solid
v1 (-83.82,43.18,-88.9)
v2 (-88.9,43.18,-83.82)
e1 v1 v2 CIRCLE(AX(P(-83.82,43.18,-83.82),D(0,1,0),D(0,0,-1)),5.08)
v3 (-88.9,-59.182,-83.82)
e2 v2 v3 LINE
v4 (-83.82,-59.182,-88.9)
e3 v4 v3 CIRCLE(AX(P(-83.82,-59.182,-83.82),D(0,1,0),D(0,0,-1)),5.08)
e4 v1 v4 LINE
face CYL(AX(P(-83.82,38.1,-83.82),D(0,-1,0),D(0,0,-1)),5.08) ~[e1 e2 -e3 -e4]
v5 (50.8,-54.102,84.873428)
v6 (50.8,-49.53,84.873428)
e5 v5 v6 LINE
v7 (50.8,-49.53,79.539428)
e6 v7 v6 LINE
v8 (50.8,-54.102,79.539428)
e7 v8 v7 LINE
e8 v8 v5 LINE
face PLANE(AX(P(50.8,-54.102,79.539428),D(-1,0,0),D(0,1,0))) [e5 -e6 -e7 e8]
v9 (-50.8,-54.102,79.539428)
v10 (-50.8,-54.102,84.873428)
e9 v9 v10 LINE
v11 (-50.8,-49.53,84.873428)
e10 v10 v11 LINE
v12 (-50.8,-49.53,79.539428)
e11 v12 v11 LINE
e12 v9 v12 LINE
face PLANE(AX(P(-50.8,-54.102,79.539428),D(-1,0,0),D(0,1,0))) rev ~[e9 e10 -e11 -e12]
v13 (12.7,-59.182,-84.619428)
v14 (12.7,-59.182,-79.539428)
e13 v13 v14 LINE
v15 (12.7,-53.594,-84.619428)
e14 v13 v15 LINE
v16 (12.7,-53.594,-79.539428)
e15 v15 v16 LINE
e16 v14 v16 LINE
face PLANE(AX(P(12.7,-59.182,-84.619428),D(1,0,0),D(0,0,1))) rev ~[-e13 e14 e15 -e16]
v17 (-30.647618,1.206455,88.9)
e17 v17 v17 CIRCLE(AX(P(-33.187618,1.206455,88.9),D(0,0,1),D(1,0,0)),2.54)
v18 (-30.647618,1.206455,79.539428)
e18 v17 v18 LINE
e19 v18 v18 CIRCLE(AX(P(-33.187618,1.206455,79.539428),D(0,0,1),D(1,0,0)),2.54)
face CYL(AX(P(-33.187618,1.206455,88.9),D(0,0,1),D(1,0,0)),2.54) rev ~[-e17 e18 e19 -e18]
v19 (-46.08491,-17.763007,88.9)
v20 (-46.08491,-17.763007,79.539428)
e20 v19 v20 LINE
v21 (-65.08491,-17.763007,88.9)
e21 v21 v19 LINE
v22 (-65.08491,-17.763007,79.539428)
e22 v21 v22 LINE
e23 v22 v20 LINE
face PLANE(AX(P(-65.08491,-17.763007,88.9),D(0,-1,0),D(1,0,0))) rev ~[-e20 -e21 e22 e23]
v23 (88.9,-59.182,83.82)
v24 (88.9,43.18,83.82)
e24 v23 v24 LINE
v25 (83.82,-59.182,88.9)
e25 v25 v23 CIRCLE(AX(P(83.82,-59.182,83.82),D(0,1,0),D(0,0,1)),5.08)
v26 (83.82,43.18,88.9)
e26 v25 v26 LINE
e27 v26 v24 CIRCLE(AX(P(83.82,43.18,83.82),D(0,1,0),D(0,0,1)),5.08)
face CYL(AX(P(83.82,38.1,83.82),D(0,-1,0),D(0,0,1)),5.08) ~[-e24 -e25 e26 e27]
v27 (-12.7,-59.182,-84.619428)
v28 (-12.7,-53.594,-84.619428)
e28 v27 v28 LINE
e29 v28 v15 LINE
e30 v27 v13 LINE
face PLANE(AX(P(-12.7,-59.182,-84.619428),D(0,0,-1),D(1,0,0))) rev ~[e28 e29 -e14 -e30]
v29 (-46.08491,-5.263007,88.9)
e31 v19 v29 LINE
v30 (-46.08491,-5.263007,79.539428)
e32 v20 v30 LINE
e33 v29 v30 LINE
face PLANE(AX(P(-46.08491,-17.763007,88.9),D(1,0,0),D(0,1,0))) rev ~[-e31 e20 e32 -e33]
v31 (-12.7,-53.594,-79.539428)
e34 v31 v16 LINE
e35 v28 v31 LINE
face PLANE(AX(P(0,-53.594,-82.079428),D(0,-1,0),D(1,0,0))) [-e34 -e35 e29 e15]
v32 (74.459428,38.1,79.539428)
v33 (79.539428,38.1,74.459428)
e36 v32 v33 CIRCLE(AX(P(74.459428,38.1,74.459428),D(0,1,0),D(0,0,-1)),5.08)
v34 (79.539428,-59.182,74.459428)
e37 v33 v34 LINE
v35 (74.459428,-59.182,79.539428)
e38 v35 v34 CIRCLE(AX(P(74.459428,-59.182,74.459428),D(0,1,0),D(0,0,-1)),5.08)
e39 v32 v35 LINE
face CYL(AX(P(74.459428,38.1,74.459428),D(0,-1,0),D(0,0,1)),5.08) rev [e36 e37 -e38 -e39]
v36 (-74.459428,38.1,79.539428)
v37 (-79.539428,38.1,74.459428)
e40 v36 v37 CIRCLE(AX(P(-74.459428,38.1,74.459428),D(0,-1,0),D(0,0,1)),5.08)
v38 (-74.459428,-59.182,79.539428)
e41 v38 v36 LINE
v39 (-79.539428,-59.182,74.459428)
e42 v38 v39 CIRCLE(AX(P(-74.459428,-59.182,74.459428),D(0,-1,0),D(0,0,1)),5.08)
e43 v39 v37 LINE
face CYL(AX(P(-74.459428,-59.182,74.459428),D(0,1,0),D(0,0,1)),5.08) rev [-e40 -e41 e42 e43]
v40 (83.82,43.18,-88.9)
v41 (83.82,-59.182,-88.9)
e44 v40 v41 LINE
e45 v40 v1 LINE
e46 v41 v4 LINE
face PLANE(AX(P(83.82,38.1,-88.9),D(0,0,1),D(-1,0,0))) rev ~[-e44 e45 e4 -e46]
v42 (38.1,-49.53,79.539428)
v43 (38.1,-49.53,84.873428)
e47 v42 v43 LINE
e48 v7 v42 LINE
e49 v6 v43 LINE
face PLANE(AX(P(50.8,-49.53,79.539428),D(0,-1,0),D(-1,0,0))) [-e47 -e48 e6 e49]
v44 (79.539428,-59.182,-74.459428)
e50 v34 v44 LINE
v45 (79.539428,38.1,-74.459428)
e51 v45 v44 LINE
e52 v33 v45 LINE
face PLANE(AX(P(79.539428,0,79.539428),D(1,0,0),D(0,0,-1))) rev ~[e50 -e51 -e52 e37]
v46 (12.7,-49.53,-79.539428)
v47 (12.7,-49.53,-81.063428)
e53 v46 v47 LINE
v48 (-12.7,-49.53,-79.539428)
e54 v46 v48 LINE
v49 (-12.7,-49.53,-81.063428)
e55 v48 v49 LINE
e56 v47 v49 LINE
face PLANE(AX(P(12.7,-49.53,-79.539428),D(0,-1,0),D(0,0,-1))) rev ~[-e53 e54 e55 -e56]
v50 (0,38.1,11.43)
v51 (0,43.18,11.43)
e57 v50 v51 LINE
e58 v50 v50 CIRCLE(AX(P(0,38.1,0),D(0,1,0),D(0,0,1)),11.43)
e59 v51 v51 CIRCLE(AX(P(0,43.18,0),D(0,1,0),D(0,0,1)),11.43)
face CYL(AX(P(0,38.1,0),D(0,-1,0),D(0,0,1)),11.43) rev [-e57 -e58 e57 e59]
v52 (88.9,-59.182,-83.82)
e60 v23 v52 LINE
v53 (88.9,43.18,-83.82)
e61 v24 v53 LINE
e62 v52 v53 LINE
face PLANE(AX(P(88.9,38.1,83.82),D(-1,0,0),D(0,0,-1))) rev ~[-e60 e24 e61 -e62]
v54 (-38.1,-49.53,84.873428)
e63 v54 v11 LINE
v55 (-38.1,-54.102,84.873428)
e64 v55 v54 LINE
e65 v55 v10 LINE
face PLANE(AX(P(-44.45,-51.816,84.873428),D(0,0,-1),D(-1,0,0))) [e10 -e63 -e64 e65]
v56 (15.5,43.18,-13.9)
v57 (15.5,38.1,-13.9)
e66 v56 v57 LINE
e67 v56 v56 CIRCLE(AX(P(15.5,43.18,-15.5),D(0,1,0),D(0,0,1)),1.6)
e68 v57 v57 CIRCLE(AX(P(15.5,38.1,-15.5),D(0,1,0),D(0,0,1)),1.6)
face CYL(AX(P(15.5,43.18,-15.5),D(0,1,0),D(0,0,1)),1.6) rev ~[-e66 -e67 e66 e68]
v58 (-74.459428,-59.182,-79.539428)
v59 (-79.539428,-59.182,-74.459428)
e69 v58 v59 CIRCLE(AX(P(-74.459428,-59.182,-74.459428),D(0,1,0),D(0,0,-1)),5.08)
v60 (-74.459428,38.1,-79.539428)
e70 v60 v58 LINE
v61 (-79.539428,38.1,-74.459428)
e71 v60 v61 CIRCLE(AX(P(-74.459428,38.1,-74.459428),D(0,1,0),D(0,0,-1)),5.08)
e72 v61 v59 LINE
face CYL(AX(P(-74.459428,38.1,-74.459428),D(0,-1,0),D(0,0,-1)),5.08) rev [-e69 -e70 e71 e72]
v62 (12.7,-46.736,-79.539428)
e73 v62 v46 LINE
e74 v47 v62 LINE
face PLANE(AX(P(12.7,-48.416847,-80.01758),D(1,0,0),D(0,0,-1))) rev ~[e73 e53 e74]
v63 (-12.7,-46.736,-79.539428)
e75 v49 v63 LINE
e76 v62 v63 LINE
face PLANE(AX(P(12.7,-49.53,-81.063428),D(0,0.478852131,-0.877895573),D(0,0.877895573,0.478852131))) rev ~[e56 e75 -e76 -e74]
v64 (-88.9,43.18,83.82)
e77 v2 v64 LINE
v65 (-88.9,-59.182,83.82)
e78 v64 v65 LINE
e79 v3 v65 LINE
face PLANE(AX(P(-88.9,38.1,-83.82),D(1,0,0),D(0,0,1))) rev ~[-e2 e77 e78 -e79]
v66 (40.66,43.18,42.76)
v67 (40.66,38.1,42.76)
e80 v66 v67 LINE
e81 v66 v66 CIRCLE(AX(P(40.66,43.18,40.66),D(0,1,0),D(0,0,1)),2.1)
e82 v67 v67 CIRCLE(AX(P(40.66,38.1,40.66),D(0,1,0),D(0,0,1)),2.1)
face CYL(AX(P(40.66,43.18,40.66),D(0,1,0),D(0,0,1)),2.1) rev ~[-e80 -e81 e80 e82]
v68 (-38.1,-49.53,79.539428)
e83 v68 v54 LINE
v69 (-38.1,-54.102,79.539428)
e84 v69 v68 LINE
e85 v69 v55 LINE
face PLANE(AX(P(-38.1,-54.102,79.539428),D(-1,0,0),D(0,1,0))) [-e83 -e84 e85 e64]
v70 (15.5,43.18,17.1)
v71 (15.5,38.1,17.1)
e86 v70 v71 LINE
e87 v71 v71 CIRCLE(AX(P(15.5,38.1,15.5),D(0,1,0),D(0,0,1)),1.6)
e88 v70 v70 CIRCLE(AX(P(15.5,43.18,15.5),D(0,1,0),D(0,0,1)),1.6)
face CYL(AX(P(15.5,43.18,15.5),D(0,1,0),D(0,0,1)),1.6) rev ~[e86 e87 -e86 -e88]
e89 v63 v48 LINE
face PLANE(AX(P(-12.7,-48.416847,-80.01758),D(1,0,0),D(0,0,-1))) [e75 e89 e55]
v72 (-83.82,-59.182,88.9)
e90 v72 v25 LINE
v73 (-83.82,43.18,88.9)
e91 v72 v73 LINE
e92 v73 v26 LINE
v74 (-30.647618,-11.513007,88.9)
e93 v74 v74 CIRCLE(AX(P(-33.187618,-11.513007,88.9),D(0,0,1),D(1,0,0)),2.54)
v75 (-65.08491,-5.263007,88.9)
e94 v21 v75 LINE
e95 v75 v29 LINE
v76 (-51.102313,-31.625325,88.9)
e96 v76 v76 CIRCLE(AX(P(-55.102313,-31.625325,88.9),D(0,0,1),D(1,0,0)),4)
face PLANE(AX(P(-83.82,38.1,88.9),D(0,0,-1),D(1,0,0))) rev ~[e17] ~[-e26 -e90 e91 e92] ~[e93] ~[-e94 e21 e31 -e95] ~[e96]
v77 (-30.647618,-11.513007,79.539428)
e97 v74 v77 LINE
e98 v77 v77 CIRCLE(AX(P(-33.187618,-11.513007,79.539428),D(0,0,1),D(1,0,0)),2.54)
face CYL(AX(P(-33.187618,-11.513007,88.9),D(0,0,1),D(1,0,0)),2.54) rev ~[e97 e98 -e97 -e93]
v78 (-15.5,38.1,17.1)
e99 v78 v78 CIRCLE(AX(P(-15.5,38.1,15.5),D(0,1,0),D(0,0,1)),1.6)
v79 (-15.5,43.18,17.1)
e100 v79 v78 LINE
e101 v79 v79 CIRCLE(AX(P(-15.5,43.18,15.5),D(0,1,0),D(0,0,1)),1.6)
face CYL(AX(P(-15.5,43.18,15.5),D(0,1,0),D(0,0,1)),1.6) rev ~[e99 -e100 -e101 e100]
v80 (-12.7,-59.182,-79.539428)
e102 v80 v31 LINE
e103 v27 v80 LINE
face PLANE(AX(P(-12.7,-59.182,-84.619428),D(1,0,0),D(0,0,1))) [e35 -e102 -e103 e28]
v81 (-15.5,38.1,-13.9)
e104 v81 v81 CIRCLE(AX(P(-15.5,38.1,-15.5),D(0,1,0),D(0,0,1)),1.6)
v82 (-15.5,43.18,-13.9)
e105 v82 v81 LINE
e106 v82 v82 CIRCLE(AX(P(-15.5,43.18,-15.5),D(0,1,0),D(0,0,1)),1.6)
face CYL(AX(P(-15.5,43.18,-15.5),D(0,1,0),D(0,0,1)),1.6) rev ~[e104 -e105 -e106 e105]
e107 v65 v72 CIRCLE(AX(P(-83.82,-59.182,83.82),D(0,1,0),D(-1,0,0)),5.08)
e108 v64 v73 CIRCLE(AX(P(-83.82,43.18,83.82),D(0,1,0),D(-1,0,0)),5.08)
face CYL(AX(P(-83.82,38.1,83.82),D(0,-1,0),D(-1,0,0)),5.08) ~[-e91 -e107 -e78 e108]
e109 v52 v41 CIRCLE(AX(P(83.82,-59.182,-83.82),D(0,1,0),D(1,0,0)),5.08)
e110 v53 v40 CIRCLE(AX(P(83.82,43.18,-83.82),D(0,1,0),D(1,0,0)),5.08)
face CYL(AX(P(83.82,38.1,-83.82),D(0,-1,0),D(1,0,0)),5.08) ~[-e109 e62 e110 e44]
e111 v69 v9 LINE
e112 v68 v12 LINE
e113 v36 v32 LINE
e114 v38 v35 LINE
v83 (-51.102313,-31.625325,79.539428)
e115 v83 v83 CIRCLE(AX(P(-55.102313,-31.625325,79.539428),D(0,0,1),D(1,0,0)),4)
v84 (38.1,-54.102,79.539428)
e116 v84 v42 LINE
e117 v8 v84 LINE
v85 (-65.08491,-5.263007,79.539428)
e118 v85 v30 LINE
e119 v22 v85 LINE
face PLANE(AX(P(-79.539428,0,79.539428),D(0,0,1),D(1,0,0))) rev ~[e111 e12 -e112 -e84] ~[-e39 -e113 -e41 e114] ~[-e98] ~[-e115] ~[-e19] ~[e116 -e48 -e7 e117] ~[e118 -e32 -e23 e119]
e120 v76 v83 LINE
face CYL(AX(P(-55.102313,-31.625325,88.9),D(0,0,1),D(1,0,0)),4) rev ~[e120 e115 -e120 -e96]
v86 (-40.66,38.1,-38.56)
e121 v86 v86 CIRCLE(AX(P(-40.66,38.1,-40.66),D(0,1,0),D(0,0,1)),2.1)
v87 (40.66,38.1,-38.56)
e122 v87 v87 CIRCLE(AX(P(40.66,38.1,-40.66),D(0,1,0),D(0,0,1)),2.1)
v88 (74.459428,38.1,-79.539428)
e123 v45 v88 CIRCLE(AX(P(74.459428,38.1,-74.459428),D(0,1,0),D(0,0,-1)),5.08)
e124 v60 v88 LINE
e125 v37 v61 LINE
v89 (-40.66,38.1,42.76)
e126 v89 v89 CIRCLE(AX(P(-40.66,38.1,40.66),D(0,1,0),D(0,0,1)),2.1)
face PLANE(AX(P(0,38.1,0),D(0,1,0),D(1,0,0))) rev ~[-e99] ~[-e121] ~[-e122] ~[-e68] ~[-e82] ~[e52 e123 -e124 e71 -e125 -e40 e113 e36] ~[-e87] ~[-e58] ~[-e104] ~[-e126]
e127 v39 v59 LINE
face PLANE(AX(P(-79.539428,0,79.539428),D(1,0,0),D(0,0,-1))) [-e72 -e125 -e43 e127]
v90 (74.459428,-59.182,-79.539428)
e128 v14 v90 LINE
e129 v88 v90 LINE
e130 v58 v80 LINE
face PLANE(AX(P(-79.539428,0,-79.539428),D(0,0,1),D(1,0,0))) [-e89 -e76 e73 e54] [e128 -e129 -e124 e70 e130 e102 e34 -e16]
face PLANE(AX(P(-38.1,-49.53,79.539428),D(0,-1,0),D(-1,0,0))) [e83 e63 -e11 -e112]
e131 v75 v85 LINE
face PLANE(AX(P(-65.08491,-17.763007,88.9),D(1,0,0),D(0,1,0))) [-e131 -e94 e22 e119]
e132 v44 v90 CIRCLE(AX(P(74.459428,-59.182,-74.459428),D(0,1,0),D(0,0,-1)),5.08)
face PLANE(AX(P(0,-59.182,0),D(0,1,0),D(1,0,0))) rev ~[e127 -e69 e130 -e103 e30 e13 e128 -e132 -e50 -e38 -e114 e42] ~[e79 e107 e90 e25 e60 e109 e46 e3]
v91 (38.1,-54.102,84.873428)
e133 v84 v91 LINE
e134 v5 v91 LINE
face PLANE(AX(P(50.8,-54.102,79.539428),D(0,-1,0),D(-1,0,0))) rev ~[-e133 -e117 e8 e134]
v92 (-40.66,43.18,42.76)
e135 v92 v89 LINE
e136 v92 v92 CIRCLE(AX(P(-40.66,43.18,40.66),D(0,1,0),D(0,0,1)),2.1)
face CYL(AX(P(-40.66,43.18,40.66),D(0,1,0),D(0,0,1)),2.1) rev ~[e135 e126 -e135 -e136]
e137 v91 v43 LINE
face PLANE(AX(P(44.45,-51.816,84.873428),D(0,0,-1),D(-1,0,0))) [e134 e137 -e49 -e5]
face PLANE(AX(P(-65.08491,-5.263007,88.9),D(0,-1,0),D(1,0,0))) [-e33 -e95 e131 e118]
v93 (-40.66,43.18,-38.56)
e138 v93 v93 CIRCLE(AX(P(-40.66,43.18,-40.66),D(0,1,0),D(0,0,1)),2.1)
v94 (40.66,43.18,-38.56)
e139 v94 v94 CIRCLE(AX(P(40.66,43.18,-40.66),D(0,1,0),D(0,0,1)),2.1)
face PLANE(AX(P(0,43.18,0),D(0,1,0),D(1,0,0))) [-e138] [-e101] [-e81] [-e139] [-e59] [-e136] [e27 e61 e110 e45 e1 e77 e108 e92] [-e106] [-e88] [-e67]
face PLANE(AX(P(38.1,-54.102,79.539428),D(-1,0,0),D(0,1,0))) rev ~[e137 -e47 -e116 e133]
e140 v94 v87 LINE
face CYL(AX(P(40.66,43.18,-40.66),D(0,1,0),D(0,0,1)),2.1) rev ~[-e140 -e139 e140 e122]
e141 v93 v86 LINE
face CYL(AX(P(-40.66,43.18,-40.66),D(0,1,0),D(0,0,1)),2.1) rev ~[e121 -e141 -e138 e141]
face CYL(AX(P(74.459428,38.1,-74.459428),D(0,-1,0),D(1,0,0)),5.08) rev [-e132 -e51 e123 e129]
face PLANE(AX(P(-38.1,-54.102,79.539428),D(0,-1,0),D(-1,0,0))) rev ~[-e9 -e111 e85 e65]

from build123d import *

# Parameters (mm, degrees)
SKETCH1_W                = 159.078855478
SKETCH1_H                = 159.078855478
BOSS_EXTRUDE1_DEPTH      = 38.1
BOSS_EXTRUDE1_DEPTH_BACK = 59.182
BOSS_EXTRUDE3_START      = 38.1
SKETCH1_5_R              = 11.43
BOSS_EXTRUDE3_DEPTH      = 5.08
SKETCH3_R                = 1.6
CUT_EXTRUDE1_DEPTH       = 163.124640459
FILLET4_R                = 5.08
SKETCH4_R                = 2.1
CUT_EXTRUDE2_DEPTH       = 5.08
SKETCH5_R                = 2.54
SKETCH5_R_2              = 4
SKETCH5_W                = 19
SKETCH5_H                = 12.5
CUT_EXTRUDE3_DEPTH       = 9.360572261
SKETCH7_W                = 25.4
SKETCH7_H                = 5.08
CUT_EXTRUDE4_DEPTH       = 5.588
BOSS_EXTRUDE4_DEPTH      = 25.4
CUT_EXTRUDE5_DEPTH       = 25.4
SKETCH11_W               = 12.7
SKETCH11_H               = 4.572
CUT_EXTRUDE6_DEPTH       = 5.334


with BuildPart() as part:
    # Sketch1 → Boss-Extrude1 (new, two sides)
    with BuildSketch(Plane(origin=(0, 0, 0), x_dir=(1, 0, 0), z_dir=(0, 1, 0))) as boss_extrude1_sk:
        with BuildLine():
            Line((-83.82, -88.9), (83.82, -88.9))
            ThreePointArc((83.82, -88.9), (87.412102448, -87.412102448), (88.9, -83.82))
            Line((88.9, -83.82), (88.9, 83.82))
            ThreePointArc((88.9, 83.82), (87.412102448, 87.412102448), (83.82, 88.9))
            Line((83.82, 88.9), (-83.82, 88.9))
            ThreePointArc((-83.82, 88.9), (-87.412102448, 87.412102448), (-88.9, 83.82))
            Line((-88.9, 83.82), (-88.9, -83.82))
            ThreePointArc((-88.9, -83.82), (-87.412102448, -87.412102448), (-83.82, -88.9))
        make_face()
        Rectangle(SKETCH1_W, SKETCH1_H, mode=Mode.SUBTRACT)
    extrude(amount=BOSS_EXTRUDE1_DEPTH)
    extrude(boss_extrude1_sk.sketch, amount=-BOSS_EXTRUDE1_DEPTH_BACK)

    # Sketch1<5> → Boss-Extrude3 (add)
    with BuildSketch(Plane(origin=(0, 0, 0), x_dir=(1, 0, 0), z_dir=(0, 1, 0)).offset(BOSS_EXTRUDE3_START)):
        with BuildLine():
            ThreePointArc((-88.9, -83.82), (-87.412102448, -87.412102448), (-83.82, -88.9))
            Line((-83.82, -88.9), (83.82, -88.9))
            ThreePointArc((83.82, -88.9), (87.412102448, -87.412102448), (88.9, -83.82))
            Line((88.9, -83.82), (88.9, 83.82))
            ThreePointArc((88.9, 83.82), (87.412102448, 87.412102448), (83.82, 88.9))
            Line((83.82, 88.9), (-83.82, 88.9))
            ThreePointArc((-83.82, 88.9), (-87.412102448, 87.412102448), (-88.9, 83.82))
            Line((-88.9, 83.82), (-88.9, -83.82))
        make_face()
        with Locations(Location((0, 0, 0), (0, 0, 270))):
            Circle(SKETCH1_5_R, mode=Mode.SUBTRACT)
    extrude(amount=BOSS_EXTRUDE3_DEPTH)

    # Sketch3 → Cut-Extrude1 (cut, through all)
    with BuildSketch(Plane(origin=(0, 43.18, 0), x_dir=(1, 0, 0), z_dir=(0, 1, 0))):
        with Locations(Location((-15.5, 15.5, 0), (0, 0, 270))):
            Circle(SKETCH3_R)
        with Locations(Location((-15.5, -15.5, 0), (0, 0, 270))):
            Circle(SKETCH3_R)
        with Locations(Location((15.5, 15.5, 0), (0, 0, 270))):
            Circle(SKETCH3_R)
        with Locations(Location((15.5, -15.5, 0), (0, 0, 270))):
            Circle(SKETCH3_R)
    extrude(amount=-CUT_EXTRUDE1_DEPTH, mode=Mode.SUBTRACT)

    # Fillet4
    fillet4_edges = [part.edges().sort_by_distance(p)[0] for p in [
        (79.539427739, -10.541, -79.539427739),
        (-79.539427739, -10.541, -79.539427739),
        (-79.539427739, -10.541, 79.539427739),
        (79.539427739, -10.541, 79.539427739),
    ]]
    fillet(fillet4_edges, radius=FILLET4_R)

    # Sketch4 → Cut-Extrude2 (cut)
    with BuildSketch(Plane(origin=(0, 43.18, 0), x_dir=(1, 0, 0), z_dir=(0, 1, 0))):
        with Locations(Location((-40.66, 40.66, 0), (0, 0, 270))):
            Circle(SKETCH4_R)
        with Locations(Location((40.66, 40.66, 0), (0, 0, 270))):
            Circle(SKETCH4_R)
        with Locations(Location((-40.66, -40.66, 0), (0, 0, 270))):
            Circle(SKETCH4_R)
        with Locations(Location((40.66, -40.66, 0), (0, 0, 270))):
            Circle(SKETCH4_R)
    extrude(amount=-CUT_EXTRUDE2_DEPTH, mode=Mode.SUBTRACT)

    # Sketch5 → Cut-Extrude3 (cut)
    with BuildSketch(Plane.XY.offset(88.9)):
        with Locations((-33.187618463, -11.513006866)):
            Circle(SKETCH5_R)
        with Locations((-33.187618463, 1.206455413)):
            Circle(SKETCH5_R)
        with Locations((-55.102312512, -31.62532479)):
            Circle(SKETCH5_R_2)
        with Locations((-55.584910431, -11.513006866)):
            Rectangle(SKETCH5_W, SKETCH5_H)
    extrude(amount=-CUT_EXTRUDE3_DEPTH, mode=Mode.SUBTRACT)

    # Sketch7 → Cut-Extrude4 (cut)
    with BuildSketch(Plane.XZ.offset(59.182)):
        with Locations((0, -82.079427739)):
            Rectangle(SKETCH7_W, SKETCH7_H)
    extrude(amount=-CUT_EXTRUDE4_DEPTH, mode=Mode.SUBTRACT)

    # Sketch10 → Boss-Extrude4 (add)
    with BuildSketch(Plane.ZY.offset(-12.7)):
        Polygon((-79.539427739, -46.736), (-79.539427739, -49.53), (-81.063427739, -49.53), align=None)
    extrude(amount=BOSS_EXTRUDE4_DEPTH)

    # Sketch10<2> → Cut-Extrude5 (cut)
    with BuildSketch(Plane.ZY.offset(-12.7)):
        Polygon((-79.539427739, -46.736), (-79.539427739, -49.53), (-81.063427739, -49.53), align=None)
    extrude(amount=CUT_EXTRUDE5_DEPTH, mode=Mode.SUBTRACT)

    # Sketch11 → Cut-Extrude6 (cut)
    with BuildSketch(Plane(origin=(0, 0, 79.539427739), x_dir=(-1, 0, 0), z_dir=(0, 0, -1))):
        with Locations((-44.45, -51.816)):
            Rectangle(SKETCH11_W, SKETCH11_H)
        with Locations((44.45, -51.816)):
            Rectangle(SKETCH11_W, SKETCH11_H)
    extrude(amount=-CUT_EXTRUDE6_DEPTH, mode=Mode.SUBTRACT)


solid = part.part
